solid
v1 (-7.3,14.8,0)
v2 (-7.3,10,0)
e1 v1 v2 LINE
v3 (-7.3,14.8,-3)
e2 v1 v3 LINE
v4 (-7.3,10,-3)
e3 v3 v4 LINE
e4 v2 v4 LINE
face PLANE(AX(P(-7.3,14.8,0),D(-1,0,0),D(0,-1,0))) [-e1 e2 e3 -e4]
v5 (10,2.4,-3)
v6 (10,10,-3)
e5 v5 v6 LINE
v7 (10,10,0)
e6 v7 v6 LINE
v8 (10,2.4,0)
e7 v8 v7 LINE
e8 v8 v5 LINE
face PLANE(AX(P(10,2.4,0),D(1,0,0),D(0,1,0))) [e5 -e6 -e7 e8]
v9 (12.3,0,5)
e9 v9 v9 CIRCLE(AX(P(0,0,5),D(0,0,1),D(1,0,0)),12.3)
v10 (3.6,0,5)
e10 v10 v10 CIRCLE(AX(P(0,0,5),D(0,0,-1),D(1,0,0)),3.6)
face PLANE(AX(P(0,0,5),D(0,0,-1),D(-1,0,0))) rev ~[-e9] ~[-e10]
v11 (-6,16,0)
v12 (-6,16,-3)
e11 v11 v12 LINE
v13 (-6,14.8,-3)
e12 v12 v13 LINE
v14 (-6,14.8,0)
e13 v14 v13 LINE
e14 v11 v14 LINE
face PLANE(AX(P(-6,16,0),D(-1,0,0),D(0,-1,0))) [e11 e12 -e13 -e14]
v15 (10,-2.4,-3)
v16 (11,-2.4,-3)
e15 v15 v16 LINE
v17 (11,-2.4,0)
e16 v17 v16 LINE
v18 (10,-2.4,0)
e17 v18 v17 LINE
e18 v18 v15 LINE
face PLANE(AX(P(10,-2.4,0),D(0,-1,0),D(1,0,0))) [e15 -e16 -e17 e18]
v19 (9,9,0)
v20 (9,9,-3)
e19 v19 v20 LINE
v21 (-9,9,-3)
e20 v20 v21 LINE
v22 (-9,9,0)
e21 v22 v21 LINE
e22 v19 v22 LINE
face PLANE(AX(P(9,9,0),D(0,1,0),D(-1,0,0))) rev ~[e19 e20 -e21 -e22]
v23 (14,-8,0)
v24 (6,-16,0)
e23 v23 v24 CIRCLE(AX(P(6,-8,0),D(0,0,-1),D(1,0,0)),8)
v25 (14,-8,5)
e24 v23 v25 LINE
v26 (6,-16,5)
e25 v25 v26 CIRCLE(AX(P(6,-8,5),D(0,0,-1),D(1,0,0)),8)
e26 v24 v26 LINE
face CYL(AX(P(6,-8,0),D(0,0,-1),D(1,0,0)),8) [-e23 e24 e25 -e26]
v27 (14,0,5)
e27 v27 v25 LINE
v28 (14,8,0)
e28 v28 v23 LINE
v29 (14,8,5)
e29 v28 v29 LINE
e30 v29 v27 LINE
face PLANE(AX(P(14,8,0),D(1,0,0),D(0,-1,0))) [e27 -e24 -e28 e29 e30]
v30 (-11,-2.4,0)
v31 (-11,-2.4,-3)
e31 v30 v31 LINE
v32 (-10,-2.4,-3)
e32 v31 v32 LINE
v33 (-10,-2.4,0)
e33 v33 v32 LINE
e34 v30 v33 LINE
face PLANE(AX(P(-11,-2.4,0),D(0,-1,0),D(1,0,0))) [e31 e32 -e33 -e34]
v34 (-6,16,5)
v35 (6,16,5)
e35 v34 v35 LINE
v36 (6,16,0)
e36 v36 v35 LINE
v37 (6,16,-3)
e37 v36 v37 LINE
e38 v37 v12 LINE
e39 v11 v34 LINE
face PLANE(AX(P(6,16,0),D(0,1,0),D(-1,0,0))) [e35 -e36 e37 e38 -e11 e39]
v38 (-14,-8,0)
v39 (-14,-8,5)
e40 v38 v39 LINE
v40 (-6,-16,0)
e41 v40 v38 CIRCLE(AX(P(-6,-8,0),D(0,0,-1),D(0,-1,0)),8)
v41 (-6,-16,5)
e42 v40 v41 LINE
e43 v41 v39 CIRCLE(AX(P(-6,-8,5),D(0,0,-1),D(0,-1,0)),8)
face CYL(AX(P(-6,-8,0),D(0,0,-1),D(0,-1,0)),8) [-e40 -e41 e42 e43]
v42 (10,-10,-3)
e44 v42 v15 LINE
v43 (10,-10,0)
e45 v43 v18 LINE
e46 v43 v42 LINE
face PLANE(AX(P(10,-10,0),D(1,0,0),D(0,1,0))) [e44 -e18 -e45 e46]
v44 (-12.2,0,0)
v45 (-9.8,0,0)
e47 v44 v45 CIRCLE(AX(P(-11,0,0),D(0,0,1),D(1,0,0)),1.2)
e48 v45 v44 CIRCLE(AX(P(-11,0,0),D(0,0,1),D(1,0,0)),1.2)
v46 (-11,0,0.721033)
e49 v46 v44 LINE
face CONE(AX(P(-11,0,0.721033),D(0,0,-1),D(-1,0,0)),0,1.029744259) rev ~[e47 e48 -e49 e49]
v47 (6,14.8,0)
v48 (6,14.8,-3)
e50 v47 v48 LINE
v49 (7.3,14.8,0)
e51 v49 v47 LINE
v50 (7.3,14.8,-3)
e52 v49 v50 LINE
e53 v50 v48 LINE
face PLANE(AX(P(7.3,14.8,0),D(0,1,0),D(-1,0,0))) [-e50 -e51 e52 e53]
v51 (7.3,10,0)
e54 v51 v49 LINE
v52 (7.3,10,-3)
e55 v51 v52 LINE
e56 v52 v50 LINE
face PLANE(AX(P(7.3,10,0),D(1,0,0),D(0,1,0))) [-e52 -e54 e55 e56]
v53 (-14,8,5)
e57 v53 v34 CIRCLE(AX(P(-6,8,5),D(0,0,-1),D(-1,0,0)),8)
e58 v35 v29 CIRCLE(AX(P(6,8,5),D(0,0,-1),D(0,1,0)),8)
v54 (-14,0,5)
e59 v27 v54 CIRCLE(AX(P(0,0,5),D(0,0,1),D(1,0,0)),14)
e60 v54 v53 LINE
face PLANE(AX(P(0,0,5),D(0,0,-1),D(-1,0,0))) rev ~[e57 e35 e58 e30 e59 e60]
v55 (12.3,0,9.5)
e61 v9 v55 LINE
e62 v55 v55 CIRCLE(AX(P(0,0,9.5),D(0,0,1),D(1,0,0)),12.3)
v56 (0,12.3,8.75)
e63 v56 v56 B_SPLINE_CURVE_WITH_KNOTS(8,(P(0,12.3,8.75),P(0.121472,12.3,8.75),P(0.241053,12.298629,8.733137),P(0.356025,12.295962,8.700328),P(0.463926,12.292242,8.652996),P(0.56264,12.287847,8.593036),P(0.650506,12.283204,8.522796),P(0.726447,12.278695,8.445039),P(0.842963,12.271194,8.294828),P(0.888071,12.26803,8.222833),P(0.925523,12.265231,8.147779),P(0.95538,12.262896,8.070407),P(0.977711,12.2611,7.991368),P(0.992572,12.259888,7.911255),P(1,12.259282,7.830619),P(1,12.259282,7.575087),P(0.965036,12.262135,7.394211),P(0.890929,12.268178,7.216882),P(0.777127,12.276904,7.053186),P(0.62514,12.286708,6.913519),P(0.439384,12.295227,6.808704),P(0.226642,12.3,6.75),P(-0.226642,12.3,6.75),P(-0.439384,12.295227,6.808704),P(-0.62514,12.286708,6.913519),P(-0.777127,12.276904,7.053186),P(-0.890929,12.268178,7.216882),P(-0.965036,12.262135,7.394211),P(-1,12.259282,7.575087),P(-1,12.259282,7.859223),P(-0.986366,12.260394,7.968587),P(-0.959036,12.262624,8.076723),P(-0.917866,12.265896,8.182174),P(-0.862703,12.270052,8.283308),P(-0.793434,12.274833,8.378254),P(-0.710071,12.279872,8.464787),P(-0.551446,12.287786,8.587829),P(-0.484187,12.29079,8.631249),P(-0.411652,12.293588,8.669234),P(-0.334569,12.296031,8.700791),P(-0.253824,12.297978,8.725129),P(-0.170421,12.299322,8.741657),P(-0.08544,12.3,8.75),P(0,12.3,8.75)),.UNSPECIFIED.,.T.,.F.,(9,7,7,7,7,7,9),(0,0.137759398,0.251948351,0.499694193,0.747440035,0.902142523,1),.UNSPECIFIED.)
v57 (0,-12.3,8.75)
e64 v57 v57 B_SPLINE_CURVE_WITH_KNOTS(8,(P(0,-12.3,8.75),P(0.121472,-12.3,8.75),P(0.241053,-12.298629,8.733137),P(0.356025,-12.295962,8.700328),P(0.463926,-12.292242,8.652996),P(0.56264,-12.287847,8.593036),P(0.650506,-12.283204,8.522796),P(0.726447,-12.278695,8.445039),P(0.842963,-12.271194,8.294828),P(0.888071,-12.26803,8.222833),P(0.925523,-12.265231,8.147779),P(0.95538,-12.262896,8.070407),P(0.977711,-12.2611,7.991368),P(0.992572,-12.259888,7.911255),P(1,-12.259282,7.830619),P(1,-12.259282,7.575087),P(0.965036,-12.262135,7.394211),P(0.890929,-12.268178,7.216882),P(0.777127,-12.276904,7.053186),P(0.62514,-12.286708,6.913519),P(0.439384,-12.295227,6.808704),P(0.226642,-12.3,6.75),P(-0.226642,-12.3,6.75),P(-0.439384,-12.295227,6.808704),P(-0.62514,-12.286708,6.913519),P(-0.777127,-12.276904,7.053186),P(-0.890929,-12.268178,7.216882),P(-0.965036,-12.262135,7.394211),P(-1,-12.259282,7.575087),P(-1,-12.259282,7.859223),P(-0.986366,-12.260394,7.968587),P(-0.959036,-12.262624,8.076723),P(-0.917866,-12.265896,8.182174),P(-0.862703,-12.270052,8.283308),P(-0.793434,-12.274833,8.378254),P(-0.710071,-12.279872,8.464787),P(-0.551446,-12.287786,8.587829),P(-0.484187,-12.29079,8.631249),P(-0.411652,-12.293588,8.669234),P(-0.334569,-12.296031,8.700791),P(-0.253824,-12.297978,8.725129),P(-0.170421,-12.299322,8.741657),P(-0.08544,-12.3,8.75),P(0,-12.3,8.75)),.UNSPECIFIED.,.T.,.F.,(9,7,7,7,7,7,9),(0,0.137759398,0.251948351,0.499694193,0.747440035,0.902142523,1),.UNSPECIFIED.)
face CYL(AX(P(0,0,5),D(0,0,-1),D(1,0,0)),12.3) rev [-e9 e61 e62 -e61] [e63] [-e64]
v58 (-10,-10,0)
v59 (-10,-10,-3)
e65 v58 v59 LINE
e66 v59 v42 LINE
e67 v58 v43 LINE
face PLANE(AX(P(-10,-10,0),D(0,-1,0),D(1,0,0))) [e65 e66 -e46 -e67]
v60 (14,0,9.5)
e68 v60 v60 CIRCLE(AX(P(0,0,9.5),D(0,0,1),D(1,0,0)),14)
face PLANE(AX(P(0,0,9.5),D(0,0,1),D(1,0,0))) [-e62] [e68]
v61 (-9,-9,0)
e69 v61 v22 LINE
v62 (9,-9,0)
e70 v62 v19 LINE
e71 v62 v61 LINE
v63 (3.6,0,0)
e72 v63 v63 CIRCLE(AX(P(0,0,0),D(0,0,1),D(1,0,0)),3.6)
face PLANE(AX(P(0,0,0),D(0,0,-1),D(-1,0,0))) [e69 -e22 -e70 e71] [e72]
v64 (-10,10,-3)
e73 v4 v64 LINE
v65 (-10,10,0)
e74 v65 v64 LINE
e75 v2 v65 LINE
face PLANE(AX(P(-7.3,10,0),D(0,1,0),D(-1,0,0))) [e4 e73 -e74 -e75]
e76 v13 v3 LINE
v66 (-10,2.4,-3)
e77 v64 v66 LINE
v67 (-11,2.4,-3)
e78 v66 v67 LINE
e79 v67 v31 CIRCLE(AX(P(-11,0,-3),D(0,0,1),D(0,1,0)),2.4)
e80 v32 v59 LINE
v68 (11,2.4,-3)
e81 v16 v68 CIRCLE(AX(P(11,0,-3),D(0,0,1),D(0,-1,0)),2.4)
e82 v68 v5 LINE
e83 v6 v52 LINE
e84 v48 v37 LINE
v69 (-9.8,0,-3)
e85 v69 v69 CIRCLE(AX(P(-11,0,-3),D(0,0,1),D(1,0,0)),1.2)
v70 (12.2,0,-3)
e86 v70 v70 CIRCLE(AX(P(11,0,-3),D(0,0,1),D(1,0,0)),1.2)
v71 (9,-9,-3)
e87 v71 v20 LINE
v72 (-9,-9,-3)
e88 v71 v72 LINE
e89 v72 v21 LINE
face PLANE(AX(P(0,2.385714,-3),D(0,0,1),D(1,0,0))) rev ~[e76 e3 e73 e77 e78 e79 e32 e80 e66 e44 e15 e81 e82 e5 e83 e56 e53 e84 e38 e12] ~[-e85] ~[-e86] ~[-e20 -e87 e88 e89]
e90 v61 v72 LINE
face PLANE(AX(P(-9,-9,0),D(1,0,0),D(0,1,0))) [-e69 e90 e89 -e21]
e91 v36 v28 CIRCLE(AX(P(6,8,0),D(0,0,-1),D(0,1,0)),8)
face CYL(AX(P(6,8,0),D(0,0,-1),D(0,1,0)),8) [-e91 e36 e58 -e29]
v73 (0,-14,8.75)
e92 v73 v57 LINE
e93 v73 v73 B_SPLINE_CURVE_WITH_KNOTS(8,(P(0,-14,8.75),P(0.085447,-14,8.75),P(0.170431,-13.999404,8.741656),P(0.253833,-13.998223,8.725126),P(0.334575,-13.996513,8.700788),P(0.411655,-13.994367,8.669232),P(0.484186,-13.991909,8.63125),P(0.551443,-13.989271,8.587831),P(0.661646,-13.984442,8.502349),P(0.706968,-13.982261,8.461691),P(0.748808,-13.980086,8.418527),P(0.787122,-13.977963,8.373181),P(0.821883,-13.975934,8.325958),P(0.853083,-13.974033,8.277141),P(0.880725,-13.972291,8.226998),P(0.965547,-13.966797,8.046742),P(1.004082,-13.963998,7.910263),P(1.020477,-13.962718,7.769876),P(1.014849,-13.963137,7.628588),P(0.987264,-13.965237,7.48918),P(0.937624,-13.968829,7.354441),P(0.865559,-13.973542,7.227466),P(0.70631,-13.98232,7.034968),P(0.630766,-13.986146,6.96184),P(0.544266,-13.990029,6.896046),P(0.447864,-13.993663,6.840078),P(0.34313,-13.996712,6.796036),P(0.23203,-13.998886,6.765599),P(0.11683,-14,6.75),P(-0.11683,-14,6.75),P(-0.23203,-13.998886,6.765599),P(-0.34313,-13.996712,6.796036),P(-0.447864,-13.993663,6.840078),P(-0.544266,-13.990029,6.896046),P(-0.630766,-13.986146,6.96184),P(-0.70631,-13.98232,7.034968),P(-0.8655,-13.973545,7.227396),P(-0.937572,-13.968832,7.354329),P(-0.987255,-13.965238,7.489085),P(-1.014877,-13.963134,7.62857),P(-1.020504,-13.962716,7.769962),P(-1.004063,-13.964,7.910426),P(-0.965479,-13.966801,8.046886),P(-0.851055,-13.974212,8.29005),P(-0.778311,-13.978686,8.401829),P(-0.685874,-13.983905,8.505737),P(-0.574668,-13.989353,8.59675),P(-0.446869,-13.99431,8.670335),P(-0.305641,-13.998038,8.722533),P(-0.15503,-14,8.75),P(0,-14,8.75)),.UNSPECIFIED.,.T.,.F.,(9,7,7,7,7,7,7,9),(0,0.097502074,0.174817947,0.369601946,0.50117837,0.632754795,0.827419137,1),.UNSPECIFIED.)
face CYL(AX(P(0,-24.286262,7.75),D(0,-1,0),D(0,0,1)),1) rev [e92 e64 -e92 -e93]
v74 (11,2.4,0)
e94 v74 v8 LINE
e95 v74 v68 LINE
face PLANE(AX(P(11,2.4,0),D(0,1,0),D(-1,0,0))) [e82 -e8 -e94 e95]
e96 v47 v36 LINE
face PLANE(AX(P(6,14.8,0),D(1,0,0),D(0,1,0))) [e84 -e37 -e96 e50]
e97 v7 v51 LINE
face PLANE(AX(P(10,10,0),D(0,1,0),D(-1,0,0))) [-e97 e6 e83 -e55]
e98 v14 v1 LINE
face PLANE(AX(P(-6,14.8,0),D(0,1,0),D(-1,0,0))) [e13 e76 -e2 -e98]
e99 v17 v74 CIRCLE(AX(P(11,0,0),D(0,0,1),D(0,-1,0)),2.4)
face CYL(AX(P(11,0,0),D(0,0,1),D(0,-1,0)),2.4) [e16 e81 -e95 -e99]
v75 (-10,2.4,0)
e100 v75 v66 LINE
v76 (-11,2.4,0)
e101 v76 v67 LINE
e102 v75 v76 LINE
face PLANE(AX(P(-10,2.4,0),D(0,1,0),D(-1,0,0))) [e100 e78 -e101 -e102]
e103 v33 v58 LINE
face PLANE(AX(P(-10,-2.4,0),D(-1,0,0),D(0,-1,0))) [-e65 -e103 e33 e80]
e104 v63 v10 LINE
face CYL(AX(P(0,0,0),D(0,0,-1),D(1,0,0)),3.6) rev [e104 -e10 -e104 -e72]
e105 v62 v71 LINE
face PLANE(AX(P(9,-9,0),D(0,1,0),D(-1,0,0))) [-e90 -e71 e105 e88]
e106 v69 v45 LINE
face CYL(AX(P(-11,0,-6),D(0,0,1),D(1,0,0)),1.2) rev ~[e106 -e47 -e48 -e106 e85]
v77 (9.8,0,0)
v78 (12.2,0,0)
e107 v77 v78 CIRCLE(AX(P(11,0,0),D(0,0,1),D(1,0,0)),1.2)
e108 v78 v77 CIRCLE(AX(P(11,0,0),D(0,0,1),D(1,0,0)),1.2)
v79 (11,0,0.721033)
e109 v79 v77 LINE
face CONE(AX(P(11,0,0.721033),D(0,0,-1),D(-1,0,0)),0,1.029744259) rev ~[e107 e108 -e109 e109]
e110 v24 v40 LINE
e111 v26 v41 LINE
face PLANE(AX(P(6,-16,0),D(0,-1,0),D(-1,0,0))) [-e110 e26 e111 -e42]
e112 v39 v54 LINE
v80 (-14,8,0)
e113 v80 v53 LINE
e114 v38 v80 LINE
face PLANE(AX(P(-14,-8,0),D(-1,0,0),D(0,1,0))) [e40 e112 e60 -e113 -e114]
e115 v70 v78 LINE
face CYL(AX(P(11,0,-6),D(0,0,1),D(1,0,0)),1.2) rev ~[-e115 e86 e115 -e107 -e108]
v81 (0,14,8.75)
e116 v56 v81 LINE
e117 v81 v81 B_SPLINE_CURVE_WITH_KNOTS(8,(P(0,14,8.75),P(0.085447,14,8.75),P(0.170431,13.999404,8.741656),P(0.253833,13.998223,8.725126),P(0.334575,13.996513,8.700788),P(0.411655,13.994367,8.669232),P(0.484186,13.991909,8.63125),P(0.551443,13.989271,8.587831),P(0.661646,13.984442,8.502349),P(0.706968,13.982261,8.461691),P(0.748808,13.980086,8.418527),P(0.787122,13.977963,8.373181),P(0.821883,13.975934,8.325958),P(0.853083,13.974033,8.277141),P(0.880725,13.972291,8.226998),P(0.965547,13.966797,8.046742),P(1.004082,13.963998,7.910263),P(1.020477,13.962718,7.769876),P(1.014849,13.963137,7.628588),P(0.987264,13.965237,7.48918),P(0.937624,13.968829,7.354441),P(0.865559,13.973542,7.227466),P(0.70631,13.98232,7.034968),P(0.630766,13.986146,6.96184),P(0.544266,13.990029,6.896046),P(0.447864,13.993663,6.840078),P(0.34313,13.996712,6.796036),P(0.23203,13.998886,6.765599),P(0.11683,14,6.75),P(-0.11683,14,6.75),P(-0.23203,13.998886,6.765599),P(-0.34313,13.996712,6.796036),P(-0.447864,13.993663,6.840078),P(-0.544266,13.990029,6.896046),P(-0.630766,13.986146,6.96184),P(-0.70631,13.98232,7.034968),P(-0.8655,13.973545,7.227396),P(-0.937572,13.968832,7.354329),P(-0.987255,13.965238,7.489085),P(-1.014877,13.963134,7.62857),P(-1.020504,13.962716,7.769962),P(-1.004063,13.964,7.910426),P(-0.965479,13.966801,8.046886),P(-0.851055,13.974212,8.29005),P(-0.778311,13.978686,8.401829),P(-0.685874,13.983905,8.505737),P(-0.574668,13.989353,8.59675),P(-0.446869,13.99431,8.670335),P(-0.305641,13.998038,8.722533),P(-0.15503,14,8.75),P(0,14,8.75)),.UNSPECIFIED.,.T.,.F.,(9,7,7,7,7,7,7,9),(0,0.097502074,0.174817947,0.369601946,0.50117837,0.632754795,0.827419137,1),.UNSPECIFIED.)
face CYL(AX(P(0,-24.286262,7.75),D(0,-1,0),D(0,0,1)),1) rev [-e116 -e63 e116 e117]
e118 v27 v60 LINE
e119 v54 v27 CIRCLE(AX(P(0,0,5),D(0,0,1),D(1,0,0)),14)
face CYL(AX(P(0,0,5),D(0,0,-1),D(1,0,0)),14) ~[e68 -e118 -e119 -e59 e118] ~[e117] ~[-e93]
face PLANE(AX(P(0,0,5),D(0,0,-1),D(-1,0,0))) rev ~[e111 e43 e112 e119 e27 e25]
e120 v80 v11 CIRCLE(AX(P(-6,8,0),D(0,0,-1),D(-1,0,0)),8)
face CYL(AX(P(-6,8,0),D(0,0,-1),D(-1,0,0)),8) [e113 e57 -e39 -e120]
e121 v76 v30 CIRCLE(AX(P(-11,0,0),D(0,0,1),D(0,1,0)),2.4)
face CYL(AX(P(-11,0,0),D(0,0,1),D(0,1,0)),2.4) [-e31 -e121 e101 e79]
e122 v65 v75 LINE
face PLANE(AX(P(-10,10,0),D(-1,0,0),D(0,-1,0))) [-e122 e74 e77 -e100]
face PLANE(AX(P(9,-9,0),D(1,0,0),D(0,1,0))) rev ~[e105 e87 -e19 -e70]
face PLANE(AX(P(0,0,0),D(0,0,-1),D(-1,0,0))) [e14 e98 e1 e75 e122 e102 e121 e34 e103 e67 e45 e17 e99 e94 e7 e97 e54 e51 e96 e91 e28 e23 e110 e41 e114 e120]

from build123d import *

# Parameters (mm, degrees)
EXTRUDE_1_DEPTH         = 5
SKETCH_2_R              = 14
SKETCH_2_R_2            = 12.3
EXTRUDE_2_DEPTH         = 4.5
SKETCH_3_W              = 18
SKETCH_3_H              = 18
EXTRUDE_3_DEPTH         = 3
SKETCH_4_R              = 3.6
CUT_EXTRUDE_2_DEPTH     = 24.286262044
HOLE_WIZARD_M2_1_D      = 2.4
HOLE_WIZARD_M2_1_DEPTH  = 3
HOLE_WIZARD_M2_1_TIP    = 0.721032743
CUT_EXTRUDE1_DEPTH      = 24.286262044
CUT_EXTRUDE1_DEPTH_BACK = 24.286262044
SKETCH1_R               = 1


with BuildPart() as part:
    # 스케치1 → 보스-돌출1 (new body)
    with BuildSketch(Plane.XY):
        with BuildLine():
            Line((-6, 16), (6, 16))
            ThreePointArc((6, 16), (11.656854249, 13.656854249), (14, 8))
            Line((14, 8), (14, -8))
            ThreePointArc((14, -8), (11.656854249, -13.656854249), (6, -16))
            Line((6, -16), (-6, -16))
            ThreePointArc((-6, -16), (-11.656854249, -13.656854249), (-14, -8))
            Line((-14, -8), (-14, 8))
            ThreePointArc((-14, 8), (-11.656854249, 13.656854249), (-6, 16))
        make_face()
    extrude(amount=EXTRUDE_1_DEPTH)

    # 스케치2 → 보스-돌출2 (add)
    with BuildSketch(Plane.XY.offset(5)):
        Circle(SKETCH_2_R)
        Circle(SKETCH_2_R_2, mode=Mode.SUBTRACT)
    extrude(amount=EXTRUDE_2_DEPTH)

    # 스케치3 → 보스-돌출3 (add)
    with BuildSketch(Plane(origin=(0, 0, 0), x_dir=(-1, 0, 0), z_dir=(0, 0, -1))):
        with BuildLine():
            Line((-10, 10), (-7.3, 10))
            Line((-7.3, 10), (-7.3, 14.8))
            Line((-7.3, 14.8), (-6, 14.8))
            Line((-6, 14.8), (-6, 16))
            Line((-6, 16), (6, 16))
            Line((6, 16), (6, 14.8))
            Line((6, 14.8), (7.3, 14.8))
            Line((7.3, 14.8), (7.3, 10))
            Line((7.3, 10), (10, 10))
            Line((10, 10), (10, 2.4))
            Line((10, 2.4), (11, 2.4))
            ThreePointArc((11, 2.4), (13.4, 0), (11, -2.4))
            Line((11, -2.4), (10, -2.4))
            Line((10, -2.4), (10, -10))
            Line((10, -10), (-10, -10))
            Line((-10, -10), (-10, -2.4))
            Line((-10, -2.4), (-11, -2.4))
            ThreePointArc((-11, -2.4), (-13.4, 0), (-11, 2.4))
            Line((-11, 2.4), (-10, 2.4))
            Line((-10, 2.4), (-10, 10))
        make_face()
        Rectangle(SKETCH_3_W, SKETCH_3_H, mode=Mode.SUBTRACT)
    extrude(amount=EXTRUDE_3_DEPTH)

    # 스케치4 → 컷-돌출2 (cut, through all)
    with BuildSketch(Plane.XY):
        Circle(SKETCH_4_R)
    extrude(amount=CUT_EXTRUDE_2_DEPTH, mode=Mode.SUBTRACT)

    # M2 여유 구멍1
    with Locations(Plane(origin=(-11, 0, -3), x_dir=(-1, 0, 0), z_dir=(0, 0, -1))):
        with Locations((0, 0), (-22, 0)):
            Hole(HOLE_WIZARD_M2_1_D / 2, depth=HOLE_WIZARD_M2_1_DEPTH)
            with Locations((0, 0, -(HOLE_WIZARD_M2_1_DEPTH + HOLE_WIZARD_M2_1_TIP / 2))):  # 118° drill point
                Cone(0, HOLE_WIZARD_M2_1_D / 2, HOLE_WIZARD_M2_1_TIP, mode=Mode.SUBTRACT)

    # Sketch1 → Cut-Extrude1 (cut, two sides: drawn at the far end of the back side and taken through both)
    with BuildSketch(Plane(origin=(0, 0, 0), x_dir=(1, 0, 0), z_dir=(0, 1, 0)).offset(-CUT_EXTRUDE1_DEPTH_BACK)):
        with Locations(Location((0, -7.75, 0), (0, 0, 270))):
            Circle(SKETCH1_R)
    extrude(amount=CUT_EXTRUDE1_DEPTH + CUT_EXTRUDE1_DEPTH_BACK, mode=Mode.SUBTRACT)


solid = part.part
